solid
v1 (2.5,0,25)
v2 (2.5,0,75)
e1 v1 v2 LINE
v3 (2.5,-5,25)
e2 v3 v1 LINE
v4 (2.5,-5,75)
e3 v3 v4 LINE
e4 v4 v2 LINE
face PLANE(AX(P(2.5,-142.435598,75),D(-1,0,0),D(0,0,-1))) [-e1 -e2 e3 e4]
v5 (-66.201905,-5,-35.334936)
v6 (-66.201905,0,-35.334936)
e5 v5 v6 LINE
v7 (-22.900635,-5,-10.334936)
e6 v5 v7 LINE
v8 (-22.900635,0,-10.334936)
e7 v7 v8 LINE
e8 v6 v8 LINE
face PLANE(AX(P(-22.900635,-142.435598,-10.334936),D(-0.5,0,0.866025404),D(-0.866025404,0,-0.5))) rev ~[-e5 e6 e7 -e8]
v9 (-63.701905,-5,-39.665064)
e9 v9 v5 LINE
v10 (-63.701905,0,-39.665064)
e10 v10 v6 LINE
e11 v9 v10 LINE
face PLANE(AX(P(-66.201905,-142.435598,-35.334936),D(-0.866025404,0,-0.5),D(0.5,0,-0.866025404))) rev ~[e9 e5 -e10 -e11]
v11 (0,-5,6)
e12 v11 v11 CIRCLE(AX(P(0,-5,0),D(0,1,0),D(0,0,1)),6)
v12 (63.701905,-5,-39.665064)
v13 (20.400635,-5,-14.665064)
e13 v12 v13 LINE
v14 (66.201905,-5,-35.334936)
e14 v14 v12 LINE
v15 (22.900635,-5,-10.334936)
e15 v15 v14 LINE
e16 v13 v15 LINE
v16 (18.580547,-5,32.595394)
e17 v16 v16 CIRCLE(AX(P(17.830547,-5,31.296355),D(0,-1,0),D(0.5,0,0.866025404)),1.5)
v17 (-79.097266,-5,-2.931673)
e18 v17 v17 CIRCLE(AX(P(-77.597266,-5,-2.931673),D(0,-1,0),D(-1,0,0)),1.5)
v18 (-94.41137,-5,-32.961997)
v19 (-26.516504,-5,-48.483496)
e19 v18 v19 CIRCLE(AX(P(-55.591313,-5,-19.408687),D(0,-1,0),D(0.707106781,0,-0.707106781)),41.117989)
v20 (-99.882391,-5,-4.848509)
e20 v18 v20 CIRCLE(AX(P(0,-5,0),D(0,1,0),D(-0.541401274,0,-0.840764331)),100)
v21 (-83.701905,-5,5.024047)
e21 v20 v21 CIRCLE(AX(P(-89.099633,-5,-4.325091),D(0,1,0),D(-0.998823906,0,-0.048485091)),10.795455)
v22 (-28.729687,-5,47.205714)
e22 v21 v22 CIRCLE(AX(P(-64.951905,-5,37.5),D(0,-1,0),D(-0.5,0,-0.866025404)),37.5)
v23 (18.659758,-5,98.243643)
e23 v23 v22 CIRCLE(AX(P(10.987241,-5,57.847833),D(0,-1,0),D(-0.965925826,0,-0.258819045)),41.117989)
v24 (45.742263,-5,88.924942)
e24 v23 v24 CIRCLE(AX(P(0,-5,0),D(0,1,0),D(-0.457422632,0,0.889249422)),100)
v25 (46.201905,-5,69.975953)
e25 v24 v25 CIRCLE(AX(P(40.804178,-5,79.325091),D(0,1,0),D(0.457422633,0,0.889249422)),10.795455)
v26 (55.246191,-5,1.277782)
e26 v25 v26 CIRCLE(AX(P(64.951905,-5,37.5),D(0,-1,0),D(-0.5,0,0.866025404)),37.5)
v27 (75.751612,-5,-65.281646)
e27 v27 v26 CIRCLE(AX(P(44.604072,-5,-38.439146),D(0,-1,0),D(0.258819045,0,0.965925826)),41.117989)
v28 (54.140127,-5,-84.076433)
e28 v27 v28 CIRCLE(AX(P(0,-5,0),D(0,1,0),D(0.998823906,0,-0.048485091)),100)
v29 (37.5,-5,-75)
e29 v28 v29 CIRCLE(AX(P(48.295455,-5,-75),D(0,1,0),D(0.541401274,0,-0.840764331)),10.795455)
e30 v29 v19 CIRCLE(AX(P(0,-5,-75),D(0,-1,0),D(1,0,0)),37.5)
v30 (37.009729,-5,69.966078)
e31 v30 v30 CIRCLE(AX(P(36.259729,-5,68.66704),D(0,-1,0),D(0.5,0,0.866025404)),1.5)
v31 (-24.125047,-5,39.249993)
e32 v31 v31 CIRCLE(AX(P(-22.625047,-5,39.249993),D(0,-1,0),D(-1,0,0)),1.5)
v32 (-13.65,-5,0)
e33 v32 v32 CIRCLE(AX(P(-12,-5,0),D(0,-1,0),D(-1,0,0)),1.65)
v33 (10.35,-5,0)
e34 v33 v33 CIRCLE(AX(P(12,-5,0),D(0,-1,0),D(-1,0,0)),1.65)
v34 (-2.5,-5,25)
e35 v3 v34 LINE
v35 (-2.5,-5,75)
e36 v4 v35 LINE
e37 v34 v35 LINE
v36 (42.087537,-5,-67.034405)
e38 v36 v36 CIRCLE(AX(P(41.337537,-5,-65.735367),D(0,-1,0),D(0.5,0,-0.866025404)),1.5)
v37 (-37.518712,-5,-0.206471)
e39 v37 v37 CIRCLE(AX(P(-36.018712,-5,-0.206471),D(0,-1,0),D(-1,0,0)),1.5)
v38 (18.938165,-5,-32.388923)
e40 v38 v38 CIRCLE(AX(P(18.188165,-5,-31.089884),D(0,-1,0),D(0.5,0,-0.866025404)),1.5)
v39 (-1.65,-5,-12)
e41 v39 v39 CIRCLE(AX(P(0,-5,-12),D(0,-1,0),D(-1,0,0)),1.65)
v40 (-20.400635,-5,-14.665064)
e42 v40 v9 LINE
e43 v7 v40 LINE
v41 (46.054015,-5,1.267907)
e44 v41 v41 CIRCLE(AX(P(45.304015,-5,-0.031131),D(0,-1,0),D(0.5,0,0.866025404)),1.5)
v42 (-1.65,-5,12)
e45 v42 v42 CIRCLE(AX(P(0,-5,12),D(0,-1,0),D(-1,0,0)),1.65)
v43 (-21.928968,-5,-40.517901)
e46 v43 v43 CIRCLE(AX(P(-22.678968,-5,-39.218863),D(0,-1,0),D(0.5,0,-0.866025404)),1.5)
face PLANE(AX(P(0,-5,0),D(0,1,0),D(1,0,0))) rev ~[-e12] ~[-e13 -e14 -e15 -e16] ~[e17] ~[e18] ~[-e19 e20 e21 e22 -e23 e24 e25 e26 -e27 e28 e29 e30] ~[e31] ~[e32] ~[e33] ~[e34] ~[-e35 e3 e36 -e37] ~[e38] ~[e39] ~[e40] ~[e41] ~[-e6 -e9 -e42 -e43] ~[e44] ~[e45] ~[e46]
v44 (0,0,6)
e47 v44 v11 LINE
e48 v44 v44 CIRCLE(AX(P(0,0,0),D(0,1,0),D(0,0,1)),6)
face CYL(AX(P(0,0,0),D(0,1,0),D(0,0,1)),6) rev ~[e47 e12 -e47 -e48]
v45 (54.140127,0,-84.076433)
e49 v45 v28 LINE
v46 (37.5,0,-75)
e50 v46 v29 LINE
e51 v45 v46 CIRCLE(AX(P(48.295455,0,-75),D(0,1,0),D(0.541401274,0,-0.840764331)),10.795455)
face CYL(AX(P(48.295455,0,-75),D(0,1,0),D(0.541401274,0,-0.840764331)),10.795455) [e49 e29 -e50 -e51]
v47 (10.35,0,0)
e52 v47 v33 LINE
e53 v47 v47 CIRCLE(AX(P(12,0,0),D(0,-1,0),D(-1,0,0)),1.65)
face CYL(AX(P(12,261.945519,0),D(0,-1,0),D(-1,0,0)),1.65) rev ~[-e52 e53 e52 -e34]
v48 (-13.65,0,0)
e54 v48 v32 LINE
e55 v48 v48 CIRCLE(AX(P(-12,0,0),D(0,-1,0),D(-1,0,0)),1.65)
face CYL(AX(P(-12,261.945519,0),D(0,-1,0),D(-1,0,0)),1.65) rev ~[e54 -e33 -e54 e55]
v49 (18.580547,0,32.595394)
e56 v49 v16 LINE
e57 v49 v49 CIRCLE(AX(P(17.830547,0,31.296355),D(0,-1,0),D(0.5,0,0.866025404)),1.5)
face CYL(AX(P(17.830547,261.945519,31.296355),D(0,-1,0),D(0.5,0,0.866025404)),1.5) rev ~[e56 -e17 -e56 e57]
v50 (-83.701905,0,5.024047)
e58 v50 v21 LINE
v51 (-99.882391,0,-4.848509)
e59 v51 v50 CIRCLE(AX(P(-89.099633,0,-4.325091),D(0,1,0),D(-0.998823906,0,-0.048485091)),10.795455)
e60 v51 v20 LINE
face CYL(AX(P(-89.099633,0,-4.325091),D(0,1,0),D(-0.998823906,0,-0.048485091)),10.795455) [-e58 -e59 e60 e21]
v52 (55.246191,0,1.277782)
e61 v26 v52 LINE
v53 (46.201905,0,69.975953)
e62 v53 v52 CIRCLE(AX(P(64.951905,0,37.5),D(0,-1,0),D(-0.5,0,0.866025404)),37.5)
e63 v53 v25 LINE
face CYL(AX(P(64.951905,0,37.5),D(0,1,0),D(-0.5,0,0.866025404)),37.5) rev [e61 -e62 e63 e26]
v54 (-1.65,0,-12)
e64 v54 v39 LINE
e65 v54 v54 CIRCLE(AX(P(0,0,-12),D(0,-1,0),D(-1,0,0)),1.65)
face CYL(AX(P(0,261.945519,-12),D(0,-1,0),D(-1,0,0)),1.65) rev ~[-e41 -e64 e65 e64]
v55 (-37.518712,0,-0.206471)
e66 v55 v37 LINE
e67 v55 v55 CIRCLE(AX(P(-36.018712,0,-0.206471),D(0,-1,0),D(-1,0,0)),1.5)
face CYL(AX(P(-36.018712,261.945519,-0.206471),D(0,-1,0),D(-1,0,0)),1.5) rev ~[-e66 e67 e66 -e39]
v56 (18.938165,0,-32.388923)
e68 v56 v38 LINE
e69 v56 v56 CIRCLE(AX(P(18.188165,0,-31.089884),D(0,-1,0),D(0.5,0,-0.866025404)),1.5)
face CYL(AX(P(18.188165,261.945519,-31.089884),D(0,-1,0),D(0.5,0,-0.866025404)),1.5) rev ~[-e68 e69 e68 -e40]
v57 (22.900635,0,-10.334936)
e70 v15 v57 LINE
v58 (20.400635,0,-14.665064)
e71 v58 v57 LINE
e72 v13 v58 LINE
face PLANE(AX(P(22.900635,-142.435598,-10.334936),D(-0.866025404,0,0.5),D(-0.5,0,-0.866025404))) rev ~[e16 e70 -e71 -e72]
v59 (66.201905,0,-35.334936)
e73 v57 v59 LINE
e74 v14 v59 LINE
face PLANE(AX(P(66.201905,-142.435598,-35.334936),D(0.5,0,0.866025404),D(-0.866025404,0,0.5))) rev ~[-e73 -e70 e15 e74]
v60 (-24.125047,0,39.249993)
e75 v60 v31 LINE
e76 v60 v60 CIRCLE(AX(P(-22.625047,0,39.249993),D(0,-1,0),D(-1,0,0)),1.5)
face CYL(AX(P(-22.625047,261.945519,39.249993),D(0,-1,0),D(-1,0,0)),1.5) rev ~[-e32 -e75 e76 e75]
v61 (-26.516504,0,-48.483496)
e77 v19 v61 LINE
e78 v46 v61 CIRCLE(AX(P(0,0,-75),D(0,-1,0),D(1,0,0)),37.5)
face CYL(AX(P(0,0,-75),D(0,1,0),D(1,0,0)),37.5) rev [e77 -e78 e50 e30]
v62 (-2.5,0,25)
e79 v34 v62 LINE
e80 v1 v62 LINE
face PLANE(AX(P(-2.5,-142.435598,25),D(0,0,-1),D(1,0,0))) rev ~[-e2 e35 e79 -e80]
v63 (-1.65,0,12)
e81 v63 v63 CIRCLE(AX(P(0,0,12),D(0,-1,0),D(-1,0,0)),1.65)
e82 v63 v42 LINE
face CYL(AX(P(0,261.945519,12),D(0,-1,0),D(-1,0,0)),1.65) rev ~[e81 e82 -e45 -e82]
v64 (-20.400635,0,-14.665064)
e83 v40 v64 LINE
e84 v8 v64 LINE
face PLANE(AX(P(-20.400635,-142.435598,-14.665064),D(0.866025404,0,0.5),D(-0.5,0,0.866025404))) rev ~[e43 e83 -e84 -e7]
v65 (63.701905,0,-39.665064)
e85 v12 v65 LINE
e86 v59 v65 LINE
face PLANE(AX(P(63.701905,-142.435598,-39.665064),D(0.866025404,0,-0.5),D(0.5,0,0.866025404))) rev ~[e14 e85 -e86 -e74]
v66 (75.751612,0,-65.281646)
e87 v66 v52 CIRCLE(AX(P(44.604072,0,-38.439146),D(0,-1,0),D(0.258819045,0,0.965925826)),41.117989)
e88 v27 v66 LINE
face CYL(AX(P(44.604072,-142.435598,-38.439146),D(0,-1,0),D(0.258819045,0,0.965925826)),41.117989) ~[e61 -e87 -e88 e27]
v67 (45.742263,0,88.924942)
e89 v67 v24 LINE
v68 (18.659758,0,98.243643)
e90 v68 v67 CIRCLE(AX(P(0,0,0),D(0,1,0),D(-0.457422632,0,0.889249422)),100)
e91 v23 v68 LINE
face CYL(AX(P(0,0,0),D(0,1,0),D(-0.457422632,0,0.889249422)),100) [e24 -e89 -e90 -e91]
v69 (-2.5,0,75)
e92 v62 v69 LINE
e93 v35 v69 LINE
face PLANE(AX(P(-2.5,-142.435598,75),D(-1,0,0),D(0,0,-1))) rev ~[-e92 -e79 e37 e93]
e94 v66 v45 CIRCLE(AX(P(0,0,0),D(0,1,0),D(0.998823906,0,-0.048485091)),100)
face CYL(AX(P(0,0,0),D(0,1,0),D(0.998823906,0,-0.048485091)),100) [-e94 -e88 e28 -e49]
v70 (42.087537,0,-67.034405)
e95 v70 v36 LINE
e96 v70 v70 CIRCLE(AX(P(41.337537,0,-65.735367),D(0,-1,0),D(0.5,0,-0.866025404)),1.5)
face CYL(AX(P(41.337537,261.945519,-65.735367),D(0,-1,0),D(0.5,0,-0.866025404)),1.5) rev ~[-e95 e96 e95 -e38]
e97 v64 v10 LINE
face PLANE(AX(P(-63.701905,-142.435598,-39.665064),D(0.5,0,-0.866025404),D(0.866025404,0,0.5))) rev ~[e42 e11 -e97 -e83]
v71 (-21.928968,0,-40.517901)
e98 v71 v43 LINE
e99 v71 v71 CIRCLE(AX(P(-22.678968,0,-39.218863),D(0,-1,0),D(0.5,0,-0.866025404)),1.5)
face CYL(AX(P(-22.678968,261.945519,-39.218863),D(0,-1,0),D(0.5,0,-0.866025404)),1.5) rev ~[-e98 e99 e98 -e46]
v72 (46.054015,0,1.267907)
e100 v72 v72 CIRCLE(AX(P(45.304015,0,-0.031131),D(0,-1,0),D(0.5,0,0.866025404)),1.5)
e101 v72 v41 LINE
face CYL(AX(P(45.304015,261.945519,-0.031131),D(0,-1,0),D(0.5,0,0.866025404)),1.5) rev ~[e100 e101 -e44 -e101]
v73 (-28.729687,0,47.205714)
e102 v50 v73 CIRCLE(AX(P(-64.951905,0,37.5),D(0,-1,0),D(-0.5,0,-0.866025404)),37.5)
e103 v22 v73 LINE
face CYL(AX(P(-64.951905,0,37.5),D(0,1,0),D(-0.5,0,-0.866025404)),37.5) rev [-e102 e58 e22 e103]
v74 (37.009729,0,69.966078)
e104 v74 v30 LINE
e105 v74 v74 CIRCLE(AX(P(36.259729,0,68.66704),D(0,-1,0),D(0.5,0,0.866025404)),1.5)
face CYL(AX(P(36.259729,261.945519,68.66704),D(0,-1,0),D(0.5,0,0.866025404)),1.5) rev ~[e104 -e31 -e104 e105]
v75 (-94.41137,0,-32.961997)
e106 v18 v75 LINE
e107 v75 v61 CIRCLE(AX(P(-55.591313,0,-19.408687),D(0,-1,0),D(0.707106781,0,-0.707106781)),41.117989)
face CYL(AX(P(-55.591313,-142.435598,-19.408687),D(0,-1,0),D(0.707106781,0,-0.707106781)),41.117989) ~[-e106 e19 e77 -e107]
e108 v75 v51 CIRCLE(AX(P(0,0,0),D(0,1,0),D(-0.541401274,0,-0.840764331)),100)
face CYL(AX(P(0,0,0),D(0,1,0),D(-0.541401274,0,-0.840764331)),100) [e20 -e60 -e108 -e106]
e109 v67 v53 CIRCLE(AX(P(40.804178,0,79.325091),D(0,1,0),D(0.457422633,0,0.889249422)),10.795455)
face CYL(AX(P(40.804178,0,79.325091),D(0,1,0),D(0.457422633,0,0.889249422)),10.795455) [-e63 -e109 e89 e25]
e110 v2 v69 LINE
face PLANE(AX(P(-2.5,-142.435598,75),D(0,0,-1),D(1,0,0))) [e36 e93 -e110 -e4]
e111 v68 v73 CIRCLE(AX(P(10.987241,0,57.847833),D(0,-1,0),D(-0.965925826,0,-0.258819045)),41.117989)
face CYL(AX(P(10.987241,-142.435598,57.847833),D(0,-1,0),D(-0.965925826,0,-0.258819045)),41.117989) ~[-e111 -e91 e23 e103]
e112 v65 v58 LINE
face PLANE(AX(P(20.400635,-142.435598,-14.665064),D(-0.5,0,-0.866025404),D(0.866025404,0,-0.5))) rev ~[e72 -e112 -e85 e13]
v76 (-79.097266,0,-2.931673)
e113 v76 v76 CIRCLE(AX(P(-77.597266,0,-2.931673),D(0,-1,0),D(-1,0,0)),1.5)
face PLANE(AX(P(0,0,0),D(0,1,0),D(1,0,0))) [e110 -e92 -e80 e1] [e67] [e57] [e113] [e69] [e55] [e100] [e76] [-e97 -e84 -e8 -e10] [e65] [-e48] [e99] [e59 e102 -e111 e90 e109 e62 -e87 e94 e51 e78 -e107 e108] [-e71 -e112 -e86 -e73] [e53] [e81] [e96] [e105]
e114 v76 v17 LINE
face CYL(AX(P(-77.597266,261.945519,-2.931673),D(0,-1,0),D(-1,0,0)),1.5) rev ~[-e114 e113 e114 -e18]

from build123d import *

# Parameters (mm, degrees)
SKETCH_1_R               = 6
EXTRUDE_1_DEPTH          = 5
CUT_EXTRUDE_1_DEPTH      = 142.435598161
CUT_EXTRUDE_1_DEPTH_BACK = 142.435598161
SKETCH_5_W               = 5
SKETCH_5_H               = 50
F_3_0MM_1_D              = 3
PATTERN_CIRCULAR_1_COUNT = 3
HOLE_WIZARD_M4_1_D       = 3.3


with BuildPart() as part:
    # 草圖1 → 填料-伸長1 (new body)
    with BuildSketch(Plane(origin=(0, 0, 0), x_dir=(1, 0, 0), z_dir=(0, 1, 0))):
        with BuildLine():
            ThreePointArc((-54.140127389, 84.076433121), (-86.602540378, 50), (-99.882390637, 4.848509122))
            ThreePointArc((-99.882390637, 4.848509122), (-94.722486108, -4.890404948), (-83.701905284, -5.024047358))
            ThreePointArc((-83.701905284, -5.024047358), (-32.475952642, -18.75), (-46.201905284, -69.975952642))
            ThreePointArc((-46.201905284, -69.975952642), (-51.596457973, -79.586876805), (-45.742263248, -88.924942243))
            ThreePointArc((-45.742263248, -88.924942243), (0, -100), (45.742263248, -88.924942243))
            ThreePointArc((45.742263248, -88.924942243), (51.596457973, -79.586876805), (46.201905284, -69.975952642))
            ThreePointArc((46.201905284, -69.975952642), (32.475952642, -18.75), (83.701905284, -5.024047358))
            ThreePointArc((83.701905284, -5.024047358), (94.722486108, -4.890404948), (99.882390637, 4.848509122))
            ThreePointArc((99.882390637, 4.848509122), (86.602540378, 50), (54.140127389, 84.076433121))
            ThreePointArc((54.140127389, 84.076433121), (43.126028135, 84.477281753), (37.5, 75))
            ThreePointArc((37.5, 75), (0, 37.5), (-37.5, 75))
            ThreePointArc((-37.5, 75), (-43.126028135, 84.477281753), (-54.140127389, 84.076433121))
        make_face()
        with Locations(Location((0, 0, 0), (0, 0, 270))):
            Circle(SKETCH_1_R, mode=Mode.SUBTRACT)
    extrude(amount=-EXTRUDE_1_DEPTH)

    # 草圖5 → 除料-伸長1 (cut, two sides: drawn at the far end of the back side and taken through both)
    with BuildSketch(Plane(origin=(0, 0, 0), x_dir=(1, 0, 0), z_dir=(0, 1, 0)).offset(-CUT_EXTRUDE_1_DEPTH_BACK)):
        with BuildLine():
            ThreePointArc((18.659757868, -98.243643236), (-14.320442433, -98.969313065), (-45.742263248, -88.924942243))
            ThreePointArc((-45.742263248, -88.924942243), (-51.596457973, -79.586876805), (-46.201905284, -69.975952642))
            ThreePointArc((-46.201905284, -69.975952642), (-35.201155023, -60.328553588), (-28.729686798, -47.205714191))
            ThreePointArc((-28.729686798, -47.205714191), (-19.144613028, -85.825688538), (18.659757868, -98.243643236))
        make_face()
        with BuildLine():
            ThreePointArc((75.751611869, 65.28164596), (92.870160526, 37.082789592), (99.882390637, 4.848509122))
            ThreePointArc((99.882390637, 4.848509122), (94.722486108, -4.890404948), (83.701905284, -5.024047358))
            ThreePointArc((83.701905284, -5.024047358), (69.846637492, -0.320817698), (55.246191092, -1.277781514))
            ThreePointArc((55.246191092, -1.277781514), (83.899533086, 26.333123041), (75.751611869, 65.28164596))
        make_face()
        Polygon((-20.400635095, 14.665063509), (-22.900635095, 10.334936491), (-66.201905284, 35.334936491), (-63.701905284, 39.665063509), align=None)
        with Locations((0, -50)):
            Rectangle(SKETCH_5_W, SKETCH_5_H)
        Polygon((22.900635095, 10.334936491), (20.400635095, 14.665063509), (63.701905284, 39.665063509), (66.201905284, 35.334936491), align=None)
        with BuildLine():
            ThreePointArc((-37.5, 75), (-34.645482469, 60.649371286), (-26.516504294, 48.483495706))
            ThreePointArc((-26.516504294, 48.483495706), (-64.754920057, 59.492565497), (-94.411369737, 32.961997276))
            ThreePointArc((-94.411369737, 32.961997276), (-78.549718093, 61.886523473), (-54.140127389, 84.076433121))
            ThreePointArc((-54.140127389, 84.076433121), (-43.126028135, 84.477281753), (-37.5, 75))
        make_face()
    extrude(amount=CUT_EXTRUDE_1_DEPTH + CUT_EXTRUDE_1_DEPTH_BACK, mode=Mode.SUBTRACT)

    # Ø3.0mm 定位孔1 (through all)
    with Locations(Plane(origin=(0, 0, 0), x_dir=(1, 0, 0), z_dir=(0, 1, 0))):
        with Locations((-36.018712394, 0.206471091), (-22.625047496, -39.249993361), (-77.597265982, 2.931673472)):
            f_3_0mm_1 = Hole(F_3_0MM_1_D / 2)

    # 環狀複製排列1: Ø3.0mm 定位孔1 ×3 about axis
    pattern_circular_1_axis = Axis((0, 0, 0), (0, 1, 0))
    for i in range(1, PATTERN_CIRCULAR_1_COUNT):
        add(f_3_0mm_1.rotate(pattern_circular_1_axis, i * 360 / PATTERN_CIRCULAR_1_COUNT), mode=Mode.SUBTRACT)

    # M4 螺紋孔1 (through all)
    with Locations(Plane(origin=(0, 0, 0), x_dir=(1, 0, 0), z_dir=(0, 1, 0))):
        with Locations((0, 12), (12, 0), (0, -12), (-12, 0)):
            Hole(HOLE_WIZARD_M4_1_D / 2)


solid = part.part
